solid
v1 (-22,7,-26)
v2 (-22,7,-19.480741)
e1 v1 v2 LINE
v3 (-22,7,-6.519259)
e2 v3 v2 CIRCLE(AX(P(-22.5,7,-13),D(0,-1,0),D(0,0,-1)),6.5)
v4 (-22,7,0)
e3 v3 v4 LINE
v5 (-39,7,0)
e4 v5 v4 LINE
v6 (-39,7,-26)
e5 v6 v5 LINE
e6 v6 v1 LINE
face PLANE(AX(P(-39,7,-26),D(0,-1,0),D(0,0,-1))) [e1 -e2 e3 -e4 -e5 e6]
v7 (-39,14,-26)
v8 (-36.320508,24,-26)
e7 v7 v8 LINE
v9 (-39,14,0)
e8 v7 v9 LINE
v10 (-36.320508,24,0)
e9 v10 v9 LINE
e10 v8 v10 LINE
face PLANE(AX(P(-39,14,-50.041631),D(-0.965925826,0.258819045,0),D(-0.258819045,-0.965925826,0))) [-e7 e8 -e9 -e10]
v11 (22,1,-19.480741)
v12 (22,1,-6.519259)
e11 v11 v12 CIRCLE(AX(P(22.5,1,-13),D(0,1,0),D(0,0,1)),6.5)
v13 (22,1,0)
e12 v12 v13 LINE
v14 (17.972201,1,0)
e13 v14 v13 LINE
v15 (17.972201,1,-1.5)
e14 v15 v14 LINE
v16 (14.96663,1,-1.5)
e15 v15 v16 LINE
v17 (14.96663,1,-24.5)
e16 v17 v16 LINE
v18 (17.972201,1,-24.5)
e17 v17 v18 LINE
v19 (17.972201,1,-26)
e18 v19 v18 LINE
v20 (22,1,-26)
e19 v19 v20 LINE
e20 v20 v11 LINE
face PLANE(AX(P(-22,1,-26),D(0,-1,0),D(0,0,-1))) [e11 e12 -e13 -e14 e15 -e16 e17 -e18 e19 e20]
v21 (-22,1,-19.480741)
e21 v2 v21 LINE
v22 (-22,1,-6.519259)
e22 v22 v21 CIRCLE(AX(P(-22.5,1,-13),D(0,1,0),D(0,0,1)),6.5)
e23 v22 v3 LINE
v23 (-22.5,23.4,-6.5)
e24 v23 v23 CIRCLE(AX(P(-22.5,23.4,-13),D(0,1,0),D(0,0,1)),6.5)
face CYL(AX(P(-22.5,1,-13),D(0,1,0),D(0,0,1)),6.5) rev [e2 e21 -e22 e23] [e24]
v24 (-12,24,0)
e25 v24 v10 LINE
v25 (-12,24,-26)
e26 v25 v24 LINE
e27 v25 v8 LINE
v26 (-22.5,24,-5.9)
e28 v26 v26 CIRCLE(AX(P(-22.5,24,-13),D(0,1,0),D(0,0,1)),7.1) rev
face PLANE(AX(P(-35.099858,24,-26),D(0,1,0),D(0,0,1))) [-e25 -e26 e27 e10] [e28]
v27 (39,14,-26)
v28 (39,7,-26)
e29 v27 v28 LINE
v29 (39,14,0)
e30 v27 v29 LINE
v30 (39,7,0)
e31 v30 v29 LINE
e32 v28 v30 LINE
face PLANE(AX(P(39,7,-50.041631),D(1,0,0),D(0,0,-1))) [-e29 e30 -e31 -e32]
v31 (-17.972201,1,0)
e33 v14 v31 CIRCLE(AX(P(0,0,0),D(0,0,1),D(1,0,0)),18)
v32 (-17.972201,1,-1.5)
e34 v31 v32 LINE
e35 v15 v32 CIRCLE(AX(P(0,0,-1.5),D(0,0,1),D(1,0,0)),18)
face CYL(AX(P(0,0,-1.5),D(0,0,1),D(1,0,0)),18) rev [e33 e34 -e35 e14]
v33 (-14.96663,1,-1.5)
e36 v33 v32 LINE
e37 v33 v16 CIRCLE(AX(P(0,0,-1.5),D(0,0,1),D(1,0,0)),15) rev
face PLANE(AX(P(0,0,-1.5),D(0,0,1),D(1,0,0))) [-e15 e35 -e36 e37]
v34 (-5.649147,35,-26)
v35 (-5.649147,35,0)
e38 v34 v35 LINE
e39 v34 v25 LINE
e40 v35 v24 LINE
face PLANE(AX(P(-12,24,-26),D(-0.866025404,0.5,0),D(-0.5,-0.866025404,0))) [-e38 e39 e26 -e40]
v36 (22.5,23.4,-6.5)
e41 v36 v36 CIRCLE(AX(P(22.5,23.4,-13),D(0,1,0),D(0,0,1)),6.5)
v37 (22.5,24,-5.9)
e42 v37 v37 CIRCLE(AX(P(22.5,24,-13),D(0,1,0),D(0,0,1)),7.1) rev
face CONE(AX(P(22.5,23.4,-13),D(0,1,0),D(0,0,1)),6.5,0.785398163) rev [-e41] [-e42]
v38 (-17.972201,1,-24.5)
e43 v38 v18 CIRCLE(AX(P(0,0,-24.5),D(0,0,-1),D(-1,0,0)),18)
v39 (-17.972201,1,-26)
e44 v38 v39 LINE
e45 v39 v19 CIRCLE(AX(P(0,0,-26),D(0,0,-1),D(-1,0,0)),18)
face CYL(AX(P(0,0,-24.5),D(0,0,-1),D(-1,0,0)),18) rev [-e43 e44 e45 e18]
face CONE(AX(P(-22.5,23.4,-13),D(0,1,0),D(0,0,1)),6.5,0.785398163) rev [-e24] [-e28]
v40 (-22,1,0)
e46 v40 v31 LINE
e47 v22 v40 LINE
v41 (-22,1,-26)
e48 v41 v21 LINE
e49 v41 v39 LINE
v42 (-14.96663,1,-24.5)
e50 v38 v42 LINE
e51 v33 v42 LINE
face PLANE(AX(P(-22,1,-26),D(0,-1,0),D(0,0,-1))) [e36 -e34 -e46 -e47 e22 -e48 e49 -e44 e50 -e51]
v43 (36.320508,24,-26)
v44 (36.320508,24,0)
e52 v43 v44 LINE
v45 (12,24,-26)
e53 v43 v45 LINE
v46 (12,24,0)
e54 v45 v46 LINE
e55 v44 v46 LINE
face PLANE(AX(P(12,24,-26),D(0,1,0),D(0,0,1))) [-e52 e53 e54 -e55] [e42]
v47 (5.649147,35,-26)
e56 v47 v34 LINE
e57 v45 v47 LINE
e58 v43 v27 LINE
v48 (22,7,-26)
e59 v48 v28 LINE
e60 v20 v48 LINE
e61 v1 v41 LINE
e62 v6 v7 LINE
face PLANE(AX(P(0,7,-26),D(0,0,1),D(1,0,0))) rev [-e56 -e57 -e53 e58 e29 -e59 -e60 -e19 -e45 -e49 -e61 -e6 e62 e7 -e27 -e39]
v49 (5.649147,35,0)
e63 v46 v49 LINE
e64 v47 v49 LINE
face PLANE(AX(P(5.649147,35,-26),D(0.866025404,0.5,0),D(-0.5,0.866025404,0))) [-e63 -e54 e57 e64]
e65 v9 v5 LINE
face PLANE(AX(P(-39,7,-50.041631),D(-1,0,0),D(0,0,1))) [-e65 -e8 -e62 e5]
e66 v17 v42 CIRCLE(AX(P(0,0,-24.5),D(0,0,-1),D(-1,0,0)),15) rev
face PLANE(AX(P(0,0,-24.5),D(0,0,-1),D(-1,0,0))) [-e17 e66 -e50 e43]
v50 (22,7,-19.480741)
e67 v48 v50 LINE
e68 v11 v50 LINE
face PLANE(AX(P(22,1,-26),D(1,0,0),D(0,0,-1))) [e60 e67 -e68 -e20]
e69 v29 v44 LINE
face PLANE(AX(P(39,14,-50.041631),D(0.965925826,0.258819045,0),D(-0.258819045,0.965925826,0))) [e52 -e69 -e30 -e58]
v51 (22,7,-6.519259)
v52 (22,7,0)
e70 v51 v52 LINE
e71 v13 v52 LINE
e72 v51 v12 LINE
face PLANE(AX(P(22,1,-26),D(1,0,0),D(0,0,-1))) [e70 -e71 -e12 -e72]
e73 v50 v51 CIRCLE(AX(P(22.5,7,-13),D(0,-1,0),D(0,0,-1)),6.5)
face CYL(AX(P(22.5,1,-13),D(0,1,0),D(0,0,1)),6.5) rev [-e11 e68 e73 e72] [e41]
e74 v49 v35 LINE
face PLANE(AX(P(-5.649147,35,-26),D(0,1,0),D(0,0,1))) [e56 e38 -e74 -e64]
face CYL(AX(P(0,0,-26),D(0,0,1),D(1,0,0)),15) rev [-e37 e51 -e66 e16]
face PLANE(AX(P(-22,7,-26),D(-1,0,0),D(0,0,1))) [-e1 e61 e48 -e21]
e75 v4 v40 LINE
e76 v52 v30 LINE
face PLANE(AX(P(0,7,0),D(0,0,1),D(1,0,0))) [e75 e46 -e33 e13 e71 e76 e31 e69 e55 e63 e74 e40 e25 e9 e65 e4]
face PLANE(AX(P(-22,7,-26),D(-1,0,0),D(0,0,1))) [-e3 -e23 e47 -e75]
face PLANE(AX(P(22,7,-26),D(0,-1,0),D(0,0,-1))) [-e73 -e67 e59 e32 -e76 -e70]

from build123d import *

# Parameters (mm, degrees)
EXTRUDE_1_DEPTH     = 26
SKETCH_2_R          = 15
CUT_EXTRUDE_1_DEPTH = 59.497863209
SKETCH_3_R          = 18
CUT_EXTRUDE_2_DEPTH = 1.5
CUT_EXTRUDE_START   = -1.5
SKETCH_4_R          = 18
CUT_EXTRUDE_3_DEPTH = 1.5
EXTRUDE_2_DEPTH     = 26
SKETCH_6_R          = 6.5
CUT_EXTRUDE_5_DEPTH = 53.211109929
CHAMFER_1_SIZE      = 0.6


with BuildPart() as part:
    # Эскиз1 → Бобышка-Вытянуть1 (new body)
    with BuildSketch(Plane.XY):
        with BuildLine():
            Line((-35.09985755, 24), (-12, 24))
            Line((-12, 24), (-5.649147039, 35))
            Line((-5.649147039, 35), (5.649147039, 35))
            Line((5.649147039, 35), (12, 24))
            Line((12, 24), (35.09985755, 24))
            ThreePointArc((35.09985755, 24), (38.012461407, 15.720824375), (39, 7))
            Line((39, 7), (22, 7))
            Line((22, 7), (22, 1))
            Line((22, 1), (-22, 1))
            Line((-22, 1), (-22, 7))
            Line((-22, 7), (-39, 7))
            ThreePointArc((-39, 7), (-38.012461407, 15.720824375), (-35.09985755, 24))
        make_face()
    extrude(amount=-EXTRUDE_1_DEPTH)

    # Эскиз2 → Вырез-Вытянуть1 (cut, through all)
    with BuildSketch(Plane.XY):
        Circle(SKETCH_2_R)
    extrude(amount=-CUT_EXTRUDE_1_DEPTH, mode=Mode.SUBTRACT)

    # Эскиз3 → Вырез-Вытянуть2 (cut)
    with BuildSketch(Plane.XY):
        Circle(SKETCH_3_R)
    extrude(amount=-CUT_EXTRUDE_2_DEPTH, mode=Mode.SUBTRACT)

    # Эскиз4 → Вырез-Вытянуть3 (cut)
    with BuildSketch(Plane(origin=(0, 0, -26), x_dir=(-1, 0, 0), z_dir=(0, 0, -1)).offset(CUT_EXTRUDE_START)):
        Circle(SKETCH_4_R)
    extrude(amount=CUT_EXTRUDE_3_DEPTH, mode=Mode.SUBTRACT)

    # Эскиз9 → Бобышка-Вытянуть2 (add)
    with BuildSketch(Plane.XY):
        Polygon((-39, 7), (-39, 14), (-36.320508076, 24), (-22, 24), (-22, 7), align=None)
        Polygon((39, 7), (39, 14), (36.320508076, 24), (22, 24), (22, 7), align=None)
    extrude(amount=-EXTRUDE_2_DEPTH)

    # Эскиз6 → Вырез-Вытянуть5 (cut, through all)
    with BuildSketch(Plane(origin=(0, 24, 0), x_dir=(1, 0, 0), z_dir=(0, 1, 0))):
        with Locations(Location((-22.5, 13, 0), (0, 0, 270))):
            Circle(SKETCH_6_R)
        with Locations(Location((22.5, 13, 0), (0, 0, 270))):
            Circle(SKETCH_6_R)
    extrude(amount=-CUT_EXTRUDE_5_DEPTH, mode=Mode.SUBTRACT)

    # Фаска1
    chamfer_1_edges = [part.edges().sort_by_distance(p)[0] for p in [
        (-22.5, 24, -19.5),
        (22.5, 24, -19.5),
    ]]
    chamfer(chamfer_1_edges, length=CHAMFER_1_SIZE)


solid = part.part
